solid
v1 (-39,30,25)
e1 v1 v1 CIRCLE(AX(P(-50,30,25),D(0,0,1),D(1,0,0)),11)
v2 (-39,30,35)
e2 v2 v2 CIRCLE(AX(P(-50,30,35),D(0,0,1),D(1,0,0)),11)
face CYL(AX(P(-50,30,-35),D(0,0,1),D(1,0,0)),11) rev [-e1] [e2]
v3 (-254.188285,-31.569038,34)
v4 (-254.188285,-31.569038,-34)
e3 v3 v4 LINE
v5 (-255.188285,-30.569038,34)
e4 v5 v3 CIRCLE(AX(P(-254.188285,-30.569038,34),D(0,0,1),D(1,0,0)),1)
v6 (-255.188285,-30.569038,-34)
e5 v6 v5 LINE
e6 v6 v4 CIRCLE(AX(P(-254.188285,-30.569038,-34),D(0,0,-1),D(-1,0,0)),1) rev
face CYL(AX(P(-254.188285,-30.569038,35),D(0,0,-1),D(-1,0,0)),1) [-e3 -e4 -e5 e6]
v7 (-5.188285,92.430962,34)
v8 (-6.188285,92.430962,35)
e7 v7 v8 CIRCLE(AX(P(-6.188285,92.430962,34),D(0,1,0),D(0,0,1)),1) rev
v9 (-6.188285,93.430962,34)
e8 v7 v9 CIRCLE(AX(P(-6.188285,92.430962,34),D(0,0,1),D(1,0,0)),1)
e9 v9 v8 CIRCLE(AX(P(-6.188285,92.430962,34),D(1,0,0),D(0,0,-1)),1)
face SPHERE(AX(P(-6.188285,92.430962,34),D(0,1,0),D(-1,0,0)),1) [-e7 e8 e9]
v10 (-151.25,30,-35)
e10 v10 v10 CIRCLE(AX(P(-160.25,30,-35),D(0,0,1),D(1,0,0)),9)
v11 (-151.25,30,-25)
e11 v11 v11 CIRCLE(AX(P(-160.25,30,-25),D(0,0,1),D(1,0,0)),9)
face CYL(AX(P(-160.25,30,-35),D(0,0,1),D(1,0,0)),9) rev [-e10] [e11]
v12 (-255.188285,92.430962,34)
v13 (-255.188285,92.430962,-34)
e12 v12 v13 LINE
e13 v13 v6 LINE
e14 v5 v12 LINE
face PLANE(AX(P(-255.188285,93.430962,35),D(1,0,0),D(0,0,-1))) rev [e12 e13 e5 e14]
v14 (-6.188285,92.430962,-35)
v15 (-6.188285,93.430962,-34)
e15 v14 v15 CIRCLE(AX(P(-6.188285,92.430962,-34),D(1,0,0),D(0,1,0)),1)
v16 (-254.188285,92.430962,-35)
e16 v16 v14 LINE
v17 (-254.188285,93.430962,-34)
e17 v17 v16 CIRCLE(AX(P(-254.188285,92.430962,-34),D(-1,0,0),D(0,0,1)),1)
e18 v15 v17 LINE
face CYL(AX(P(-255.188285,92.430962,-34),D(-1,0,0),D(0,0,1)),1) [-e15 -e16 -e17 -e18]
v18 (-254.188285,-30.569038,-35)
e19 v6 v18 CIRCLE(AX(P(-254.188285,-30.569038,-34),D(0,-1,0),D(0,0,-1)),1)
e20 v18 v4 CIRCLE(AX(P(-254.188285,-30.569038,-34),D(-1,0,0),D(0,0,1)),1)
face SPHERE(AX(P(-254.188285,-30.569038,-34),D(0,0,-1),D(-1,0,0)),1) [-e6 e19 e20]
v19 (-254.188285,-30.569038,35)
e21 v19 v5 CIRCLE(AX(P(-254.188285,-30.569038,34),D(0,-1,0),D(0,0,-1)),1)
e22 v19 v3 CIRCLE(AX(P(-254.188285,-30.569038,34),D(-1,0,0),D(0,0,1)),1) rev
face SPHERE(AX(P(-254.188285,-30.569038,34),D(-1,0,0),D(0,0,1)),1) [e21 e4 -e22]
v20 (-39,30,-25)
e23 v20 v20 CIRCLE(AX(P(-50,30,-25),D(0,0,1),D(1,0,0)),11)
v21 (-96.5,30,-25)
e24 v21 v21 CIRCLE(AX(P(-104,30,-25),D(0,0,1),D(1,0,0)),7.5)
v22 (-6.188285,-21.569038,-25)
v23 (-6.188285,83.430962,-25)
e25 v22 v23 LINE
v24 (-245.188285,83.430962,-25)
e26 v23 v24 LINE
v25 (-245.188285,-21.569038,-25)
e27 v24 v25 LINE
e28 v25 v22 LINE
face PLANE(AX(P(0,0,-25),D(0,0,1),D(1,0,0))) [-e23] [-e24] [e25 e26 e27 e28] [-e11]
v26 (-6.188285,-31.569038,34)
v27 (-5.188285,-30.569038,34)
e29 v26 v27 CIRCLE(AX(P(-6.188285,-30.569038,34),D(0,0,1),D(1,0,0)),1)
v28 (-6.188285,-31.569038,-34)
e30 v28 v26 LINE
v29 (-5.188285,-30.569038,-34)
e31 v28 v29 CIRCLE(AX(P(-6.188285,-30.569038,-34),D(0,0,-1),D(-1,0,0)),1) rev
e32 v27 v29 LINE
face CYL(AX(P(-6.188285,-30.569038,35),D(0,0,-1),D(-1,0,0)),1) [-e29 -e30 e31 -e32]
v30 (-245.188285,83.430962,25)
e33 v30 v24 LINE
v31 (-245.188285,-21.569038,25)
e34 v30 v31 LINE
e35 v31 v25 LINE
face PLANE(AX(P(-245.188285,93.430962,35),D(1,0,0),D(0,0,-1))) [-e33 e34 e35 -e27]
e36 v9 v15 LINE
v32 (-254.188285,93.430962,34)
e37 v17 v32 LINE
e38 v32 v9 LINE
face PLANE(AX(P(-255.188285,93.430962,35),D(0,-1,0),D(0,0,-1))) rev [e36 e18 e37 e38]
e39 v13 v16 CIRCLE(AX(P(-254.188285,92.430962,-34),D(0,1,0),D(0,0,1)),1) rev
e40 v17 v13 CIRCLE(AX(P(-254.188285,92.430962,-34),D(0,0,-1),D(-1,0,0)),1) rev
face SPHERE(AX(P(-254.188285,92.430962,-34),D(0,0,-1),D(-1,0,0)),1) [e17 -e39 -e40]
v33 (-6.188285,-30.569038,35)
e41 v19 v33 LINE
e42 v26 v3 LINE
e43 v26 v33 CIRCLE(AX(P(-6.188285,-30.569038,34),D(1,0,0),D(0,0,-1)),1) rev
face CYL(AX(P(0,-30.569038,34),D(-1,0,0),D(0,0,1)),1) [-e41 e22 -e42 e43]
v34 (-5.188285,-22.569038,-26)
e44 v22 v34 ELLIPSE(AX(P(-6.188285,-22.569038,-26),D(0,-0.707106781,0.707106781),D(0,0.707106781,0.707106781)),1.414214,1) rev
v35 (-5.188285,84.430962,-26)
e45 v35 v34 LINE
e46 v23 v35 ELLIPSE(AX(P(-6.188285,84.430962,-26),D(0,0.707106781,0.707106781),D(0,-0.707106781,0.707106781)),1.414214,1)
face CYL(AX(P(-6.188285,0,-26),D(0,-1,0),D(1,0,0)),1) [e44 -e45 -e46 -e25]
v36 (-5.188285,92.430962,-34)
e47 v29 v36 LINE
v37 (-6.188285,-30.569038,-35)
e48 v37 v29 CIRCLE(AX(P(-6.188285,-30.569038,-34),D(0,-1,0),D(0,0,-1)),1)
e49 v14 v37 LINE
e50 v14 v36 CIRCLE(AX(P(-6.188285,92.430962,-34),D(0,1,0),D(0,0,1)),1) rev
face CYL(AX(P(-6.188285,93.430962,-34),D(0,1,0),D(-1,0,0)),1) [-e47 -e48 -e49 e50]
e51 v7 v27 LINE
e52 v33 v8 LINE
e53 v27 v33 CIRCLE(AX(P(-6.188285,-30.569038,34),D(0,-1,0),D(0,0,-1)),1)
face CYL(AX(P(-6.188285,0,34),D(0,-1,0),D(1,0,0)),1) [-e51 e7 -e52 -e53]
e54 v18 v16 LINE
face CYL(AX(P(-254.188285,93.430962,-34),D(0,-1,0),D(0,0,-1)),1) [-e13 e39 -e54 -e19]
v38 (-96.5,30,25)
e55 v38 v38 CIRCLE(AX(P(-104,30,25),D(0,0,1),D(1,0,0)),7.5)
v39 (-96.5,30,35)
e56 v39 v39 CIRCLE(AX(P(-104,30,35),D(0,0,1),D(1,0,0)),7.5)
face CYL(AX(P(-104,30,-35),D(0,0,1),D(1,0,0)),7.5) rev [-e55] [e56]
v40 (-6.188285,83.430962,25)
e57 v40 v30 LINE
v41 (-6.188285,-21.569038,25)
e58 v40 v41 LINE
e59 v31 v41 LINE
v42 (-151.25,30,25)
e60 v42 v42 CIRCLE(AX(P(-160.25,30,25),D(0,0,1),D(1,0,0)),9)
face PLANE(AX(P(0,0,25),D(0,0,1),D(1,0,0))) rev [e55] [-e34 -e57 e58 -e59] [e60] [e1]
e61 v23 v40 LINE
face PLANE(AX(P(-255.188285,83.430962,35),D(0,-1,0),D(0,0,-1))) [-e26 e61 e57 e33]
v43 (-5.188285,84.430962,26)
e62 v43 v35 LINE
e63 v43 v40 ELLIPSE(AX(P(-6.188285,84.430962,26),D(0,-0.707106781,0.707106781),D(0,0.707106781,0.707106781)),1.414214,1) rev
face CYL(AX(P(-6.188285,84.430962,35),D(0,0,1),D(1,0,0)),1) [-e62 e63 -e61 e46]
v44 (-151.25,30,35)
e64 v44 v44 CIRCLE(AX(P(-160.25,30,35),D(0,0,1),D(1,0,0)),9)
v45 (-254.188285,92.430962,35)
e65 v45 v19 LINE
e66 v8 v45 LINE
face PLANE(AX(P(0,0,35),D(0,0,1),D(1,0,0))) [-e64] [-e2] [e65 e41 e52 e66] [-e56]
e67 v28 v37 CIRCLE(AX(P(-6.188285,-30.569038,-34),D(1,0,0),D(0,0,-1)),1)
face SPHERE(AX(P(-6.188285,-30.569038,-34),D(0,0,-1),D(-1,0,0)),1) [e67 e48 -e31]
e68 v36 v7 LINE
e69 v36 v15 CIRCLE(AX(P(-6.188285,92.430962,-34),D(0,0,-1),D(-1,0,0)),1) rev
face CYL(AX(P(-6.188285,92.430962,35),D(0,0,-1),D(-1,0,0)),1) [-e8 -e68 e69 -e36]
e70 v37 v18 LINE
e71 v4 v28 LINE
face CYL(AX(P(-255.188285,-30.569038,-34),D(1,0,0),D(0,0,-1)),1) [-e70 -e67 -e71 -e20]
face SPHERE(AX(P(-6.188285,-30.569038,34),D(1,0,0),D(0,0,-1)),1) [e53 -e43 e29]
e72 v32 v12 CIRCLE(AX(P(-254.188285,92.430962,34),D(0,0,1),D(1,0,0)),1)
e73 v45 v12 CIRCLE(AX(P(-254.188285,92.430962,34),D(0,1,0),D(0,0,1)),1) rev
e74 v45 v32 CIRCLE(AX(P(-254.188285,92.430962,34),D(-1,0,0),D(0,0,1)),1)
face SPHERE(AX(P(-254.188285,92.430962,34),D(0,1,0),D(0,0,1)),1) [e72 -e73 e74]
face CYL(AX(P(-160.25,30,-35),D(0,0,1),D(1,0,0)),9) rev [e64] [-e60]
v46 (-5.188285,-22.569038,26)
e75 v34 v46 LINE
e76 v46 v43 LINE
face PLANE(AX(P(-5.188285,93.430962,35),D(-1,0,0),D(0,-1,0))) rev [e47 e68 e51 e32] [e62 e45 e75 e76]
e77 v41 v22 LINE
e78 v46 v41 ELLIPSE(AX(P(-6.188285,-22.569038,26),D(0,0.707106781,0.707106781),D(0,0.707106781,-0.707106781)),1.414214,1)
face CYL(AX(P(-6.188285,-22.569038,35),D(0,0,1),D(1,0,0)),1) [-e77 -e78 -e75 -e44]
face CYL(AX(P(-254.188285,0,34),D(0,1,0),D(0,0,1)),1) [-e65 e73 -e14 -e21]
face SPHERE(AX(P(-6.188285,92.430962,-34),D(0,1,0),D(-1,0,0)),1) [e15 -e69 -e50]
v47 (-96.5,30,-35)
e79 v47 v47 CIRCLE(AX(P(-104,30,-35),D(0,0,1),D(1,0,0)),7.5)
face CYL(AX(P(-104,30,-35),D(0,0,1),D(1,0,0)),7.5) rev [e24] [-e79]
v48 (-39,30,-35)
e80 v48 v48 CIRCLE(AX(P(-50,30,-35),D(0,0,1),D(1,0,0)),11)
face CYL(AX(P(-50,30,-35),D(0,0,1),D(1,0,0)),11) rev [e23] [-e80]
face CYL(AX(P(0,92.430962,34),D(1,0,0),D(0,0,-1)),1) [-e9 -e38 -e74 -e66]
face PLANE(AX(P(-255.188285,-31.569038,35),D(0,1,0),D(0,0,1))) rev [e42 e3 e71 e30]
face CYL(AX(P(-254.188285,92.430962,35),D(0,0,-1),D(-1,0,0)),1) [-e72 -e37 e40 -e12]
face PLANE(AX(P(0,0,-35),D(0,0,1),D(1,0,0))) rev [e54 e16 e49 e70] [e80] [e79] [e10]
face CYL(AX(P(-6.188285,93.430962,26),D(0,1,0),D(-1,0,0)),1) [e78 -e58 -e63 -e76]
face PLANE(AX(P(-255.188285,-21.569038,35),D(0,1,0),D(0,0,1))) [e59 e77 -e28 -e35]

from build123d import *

# Parameters (mm, degrees)
SKETCH1_W           = 250
SKETCH1_H           = 125
BOSS_EXTRUDE1_DEPTH = 35
SHELL1_T            = -10
SKETCH2_R           = 11
SKETCH2_R_2         = 7.5
SKETCH2_R_3         = 9
CUT_EXTRUDE1_DEPTH  = 70
FILLET1_R           = 1


with BuildPart() as part:
    # Sketch1 → Boss-Extrude1 (new body, symmetric)
    with BuildSketch(Plane.XY):
        with Locations((-130.188284519, 30.930962343)):
            Rectangle(SKETCH1_W, SKETCH1_H)
    extrude(amount=BOSS_EXTRUDE1_DEPTH, both=True)

    # Shell1
    shell1_openings = [part.faces().sort_by_distance(p)[0] for p in [
        (-5.188284519, 30.930962343, 0),
    ]]
    offset(amount=SHELL1_T, openings=shell1_openings, kind=Kind.INTERSECTION)

    # Sketch2 → Cut-Extrude1 (cut)
    with BuildSketch(Plane.XY.offset(35)):
        with Locations((-50, 30)):
            Circle(SKETCH2_R)
        with Locations((-104, 30)):
            Circle(SKETCH2_R_2)
        with Locations((-160.25, 30)):
            Circle(SKETCH2_R_3)
    extrude(amount=-CUT_EXTRUDE1_DEPTH, mode=Mode.SUBTRACT)

    # Fillet1
    fillet1_edges = [part.edges().sort_by_distance(p)[0] for p in [
        (-255.188284519, 30.930962343, 35),
        (-5.188284519, 30.930962343, -25),
        (-5.188284519, -21.569037657, 0),
        (-5.188284519, 83.430962343, 0),
        (-130.188284519, -31.569037657, 35),
        (-5.188284519, 30.930962343, 25),
        (-5.188284519, 30.930962343, 35),
        (-130.188284519, -31.569037657, -35),
        (-255.188284519, 30.930962343, -35),
        (-130.188284519, 93.430962343, -35),
        (-5.188284519, 30.930962343, -35),
        (-5.188284519, -31.569037657, 0),
        (-255.188284519, -31.569037657, 0),
        (-255.188284519, 93.430962343, 0),
        (-5.188284519, 93.430962343, 0),
        (-130.188284519, 93.430962343, 35),
    ]]
    fillet(fillet1_edges, radius=FILLET1_R)


solid = part.part
